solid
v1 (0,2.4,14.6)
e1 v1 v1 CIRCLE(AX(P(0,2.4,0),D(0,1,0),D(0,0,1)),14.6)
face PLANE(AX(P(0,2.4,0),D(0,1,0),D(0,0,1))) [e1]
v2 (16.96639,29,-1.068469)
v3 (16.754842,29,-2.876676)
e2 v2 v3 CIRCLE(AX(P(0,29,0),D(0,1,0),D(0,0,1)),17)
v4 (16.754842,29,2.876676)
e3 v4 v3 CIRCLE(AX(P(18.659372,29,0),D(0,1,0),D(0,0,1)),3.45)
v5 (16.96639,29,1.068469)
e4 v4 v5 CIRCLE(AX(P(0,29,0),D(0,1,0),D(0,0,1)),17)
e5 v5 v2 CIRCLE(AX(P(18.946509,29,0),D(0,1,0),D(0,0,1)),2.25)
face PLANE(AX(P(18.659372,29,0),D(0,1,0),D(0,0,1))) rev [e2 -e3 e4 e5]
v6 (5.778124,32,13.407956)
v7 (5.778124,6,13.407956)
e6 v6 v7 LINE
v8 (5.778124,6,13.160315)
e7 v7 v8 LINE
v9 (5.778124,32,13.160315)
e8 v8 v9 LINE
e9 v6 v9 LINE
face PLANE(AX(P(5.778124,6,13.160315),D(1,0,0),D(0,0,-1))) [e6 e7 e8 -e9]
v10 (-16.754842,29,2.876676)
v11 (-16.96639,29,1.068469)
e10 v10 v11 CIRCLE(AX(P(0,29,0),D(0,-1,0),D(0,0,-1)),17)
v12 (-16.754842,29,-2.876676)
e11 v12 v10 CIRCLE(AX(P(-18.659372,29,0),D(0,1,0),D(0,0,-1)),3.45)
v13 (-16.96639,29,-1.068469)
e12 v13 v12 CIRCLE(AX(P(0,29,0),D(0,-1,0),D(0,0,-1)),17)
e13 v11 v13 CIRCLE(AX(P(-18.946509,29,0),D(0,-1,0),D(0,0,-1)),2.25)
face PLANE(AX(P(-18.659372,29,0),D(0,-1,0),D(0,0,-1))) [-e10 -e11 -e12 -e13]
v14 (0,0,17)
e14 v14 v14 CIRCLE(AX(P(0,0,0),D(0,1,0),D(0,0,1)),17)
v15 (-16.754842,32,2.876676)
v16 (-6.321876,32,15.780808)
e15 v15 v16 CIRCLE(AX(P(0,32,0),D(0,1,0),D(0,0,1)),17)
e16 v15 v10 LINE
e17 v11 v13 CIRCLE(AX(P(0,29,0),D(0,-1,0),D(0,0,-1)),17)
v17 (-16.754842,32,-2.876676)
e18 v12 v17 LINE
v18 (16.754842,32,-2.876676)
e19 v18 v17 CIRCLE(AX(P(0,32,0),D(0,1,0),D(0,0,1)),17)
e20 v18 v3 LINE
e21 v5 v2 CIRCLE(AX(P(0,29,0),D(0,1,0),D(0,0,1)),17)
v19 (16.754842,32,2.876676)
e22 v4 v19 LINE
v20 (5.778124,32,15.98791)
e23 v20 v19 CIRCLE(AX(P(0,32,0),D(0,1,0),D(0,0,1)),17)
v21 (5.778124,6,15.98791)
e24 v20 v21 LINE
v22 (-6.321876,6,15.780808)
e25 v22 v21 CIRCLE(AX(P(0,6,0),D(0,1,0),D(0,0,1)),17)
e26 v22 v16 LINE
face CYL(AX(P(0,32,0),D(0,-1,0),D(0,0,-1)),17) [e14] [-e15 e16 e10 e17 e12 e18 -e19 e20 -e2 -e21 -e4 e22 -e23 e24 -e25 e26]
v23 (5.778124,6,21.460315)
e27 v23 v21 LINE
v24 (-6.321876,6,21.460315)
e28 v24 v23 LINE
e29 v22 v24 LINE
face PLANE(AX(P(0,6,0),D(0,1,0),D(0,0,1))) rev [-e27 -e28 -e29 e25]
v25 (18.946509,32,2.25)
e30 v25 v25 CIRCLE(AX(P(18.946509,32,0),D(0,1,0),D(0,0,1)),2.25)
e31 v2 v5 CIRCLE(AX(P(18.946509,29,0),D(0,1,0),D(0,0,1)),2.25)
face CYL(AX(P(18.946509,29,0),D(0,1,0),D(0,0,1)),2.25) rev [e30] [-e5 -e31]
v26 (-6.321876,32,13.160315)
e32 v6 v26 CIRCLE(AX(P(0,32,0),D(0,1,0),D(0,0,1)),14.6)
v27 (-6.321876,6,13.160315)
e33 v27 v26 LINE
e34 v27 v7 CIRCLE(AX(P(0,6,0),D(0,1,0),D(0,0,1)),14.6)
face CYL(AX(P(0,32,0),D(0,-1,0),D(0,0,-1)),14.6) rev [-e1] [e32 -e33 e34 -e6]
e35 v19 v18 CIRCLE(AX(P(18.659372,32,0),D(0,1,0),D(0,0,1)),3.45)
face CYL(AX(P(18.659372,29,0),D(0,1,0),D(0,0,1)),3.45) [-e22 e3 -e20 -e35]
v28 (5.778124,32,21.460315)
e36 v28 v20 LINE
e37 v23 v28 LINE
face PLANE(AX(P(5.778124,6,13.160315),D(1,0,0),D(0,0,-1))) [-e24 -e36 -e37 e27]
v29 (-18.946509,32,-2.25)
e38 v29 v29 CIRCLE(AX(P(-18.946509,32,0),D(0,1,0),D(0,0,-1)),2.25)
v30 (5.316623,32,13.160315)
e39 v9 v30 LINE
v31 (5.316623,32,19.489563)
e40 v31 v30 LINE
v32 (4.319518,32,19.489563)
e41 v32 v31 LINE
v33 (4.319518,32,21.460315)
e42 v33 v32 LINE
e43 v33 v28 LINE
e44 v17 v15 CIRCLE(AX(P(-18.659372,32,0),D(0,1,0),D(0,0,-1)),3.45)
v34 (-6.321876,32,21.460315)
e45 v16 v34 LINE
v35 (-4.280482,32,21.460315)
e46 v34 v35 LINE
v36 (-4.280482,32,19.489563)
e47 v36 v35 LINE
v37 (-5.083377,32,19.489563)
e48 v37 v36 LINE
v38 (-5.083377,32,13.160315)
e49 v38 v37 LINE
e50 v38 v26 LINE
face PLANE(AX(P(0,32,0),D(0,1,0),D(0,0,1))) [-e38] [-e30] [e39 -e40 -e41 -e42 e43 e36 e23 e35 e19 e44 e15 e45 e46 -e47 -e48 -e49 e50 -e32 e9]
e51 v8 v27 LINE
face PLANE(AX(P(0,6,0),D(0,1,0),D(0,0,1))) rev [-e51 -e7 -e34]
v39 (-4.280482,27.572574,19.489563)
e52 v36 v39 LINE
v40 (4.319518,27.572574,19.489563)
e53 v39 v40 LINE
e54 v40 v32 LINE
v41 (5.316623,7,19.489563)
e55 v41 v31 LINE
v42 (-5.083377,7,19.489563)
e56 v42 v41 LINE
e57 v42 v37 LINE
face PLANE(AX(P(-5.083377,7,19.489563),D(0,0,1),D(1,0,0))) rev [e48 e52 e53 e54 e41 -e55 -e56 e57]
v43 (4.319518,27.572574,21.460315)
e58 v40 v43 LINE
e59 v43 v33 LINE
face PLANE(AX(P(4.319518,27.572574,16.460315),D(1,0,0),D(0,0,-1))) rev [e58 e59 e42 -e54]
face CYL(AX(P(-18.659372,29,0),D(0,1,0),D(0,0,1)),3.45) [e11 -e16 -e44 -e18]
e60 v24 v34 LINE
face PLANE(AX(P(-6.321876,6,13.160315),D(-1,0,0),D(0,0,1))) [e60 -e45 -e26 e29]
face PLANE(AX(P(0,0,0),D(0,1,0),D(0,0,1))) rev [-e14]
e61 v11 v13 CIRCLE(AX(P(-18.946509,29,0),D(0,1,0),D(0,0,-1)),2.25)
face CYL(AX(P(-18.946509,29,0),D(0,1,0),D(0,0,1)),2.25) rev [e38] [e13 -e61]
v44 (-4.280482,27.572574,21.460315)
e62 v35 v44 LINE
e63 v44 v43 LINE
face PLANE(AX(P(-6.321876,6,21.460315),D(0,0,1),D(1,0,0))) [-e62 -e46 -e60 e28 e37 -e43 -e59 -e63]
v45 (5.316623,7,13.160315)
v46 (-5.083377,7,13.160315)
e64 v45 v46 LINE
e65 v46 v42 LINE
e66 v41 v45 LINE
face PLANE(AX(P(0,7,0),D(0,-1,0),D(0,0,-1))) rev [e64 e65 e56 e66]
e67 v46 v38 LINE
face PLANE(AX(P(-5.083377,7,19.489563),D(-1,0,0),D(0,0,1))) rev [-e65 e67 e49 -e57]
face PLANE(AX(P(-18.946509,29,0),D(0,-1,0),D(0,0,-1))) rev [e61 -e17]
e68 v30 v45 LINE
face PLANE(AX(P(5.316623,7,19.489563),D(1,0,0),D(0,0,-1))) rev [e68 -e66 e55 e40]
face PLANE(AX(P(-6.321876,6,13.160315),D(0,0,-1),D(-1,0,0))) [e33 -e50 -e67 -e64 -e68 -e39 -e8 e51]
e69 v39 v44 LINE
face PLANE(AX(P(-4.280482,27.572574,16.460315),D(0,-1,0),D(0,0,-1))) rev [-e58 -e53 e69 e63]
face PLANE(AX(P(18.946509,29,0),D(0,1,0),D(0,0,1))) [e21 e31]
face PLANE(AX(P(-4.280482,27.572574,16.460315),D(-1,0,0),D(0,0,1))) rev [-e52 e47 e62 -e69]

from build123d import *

# Parameters (mm, degrees)
SKETCH1_R           = 17
BOSS_EXTRUDE1_DEPTH = 32
SHELL1_T            = -2.4
SKETCH2_R           = 3.45
BOSS_EXTRUDE3_DEPTH = 3
SKETCH4_R           = 2.25
CUT_EXTRUDE1_DEPTH  = 3
SKETCH5_W           = 12.1
SKETCH5_H           = 8.3
BOSS_EXTRUDE4_DEPTH = 26
SKETCH6_W           = 10.4
SKETCH6_H           = 8.6
CUT_EXTRUDE2_DEPTH  = 25
SKETCH7_W           = 8.6
SKETCH7_H           = 5.8
CUT_EXTRUDE3_DEPTH  = 5


with BuildPart() as part:
    # Sketch1 → Boss-Extrude1 (new body)
    with BuildSketch(Plane(origin=(0, 0, 0), x_dir=(1, 0, 0), z_dir=(0, 1, 0))):
        with Locations(Location((0, 0, 0), (0, 0, 270))):
            Circle(SKETCH1_R)
    extrude(amount=BOSS_EXTRUDE1_DEPTH)

    # Shell1
    shell1_openings = [part.faces().sort_by_distance(p)[0] for p in [
        (0, 32, 0),
    ]]
    offset(amount=SHELL1_T, openings=shell1_openings, kind=Kind.INTERSECTION)

    # Sketch2 → Boss-Extrude3 (add)
    with BuildSketch(Plane(origin=(0, 32, 0), x_dir=(1, 0, 0), z_dir=(0, 1, 0))):
        with Locations((18.659372003, 0)):
            Circle(SKETCH2_R)
        with Locations((-18.659372003, 0)):
            Circle(SKETCH2_R)
    extrude(amount=-BOSS_EXTRUDE3_DEPTH)

    # Sketch4 → Cut-Extrude1 (cut)
    with BuildSketch(Plane(origin=(0, 32, 0), x_dir=(1, 0, 0), z_dir=(0, 1, 0))):
        with Locations(Location((18.946509427, 0, 0), (0, 0, 270))):
            Circle(SKETCH4_R)
        with Locations(Location((-18.946509427, 0, 0), (0, 0, 331.648790534))):
            Circle(SKETCH4_R)
    extrude(amount=-CUT_EXTRUDE1_DEPTH, mode=Mode.SUBTRACT)

    # Sketch5 → Boss-Extrude4 (add)
    with BuildSketch(Plane(origin=(0, 32, 0), x_dir=(1, 0, 0), z_dir=(0, 1, 0))):
        with Locations((-0.271875844, -17.310314807)):
            Rectangle(SKETCH5_W, SKETCH5_H)
    extrude(amount=-BOSS_EXTRUDE4_DEPTH)

    # Sketch6 → Cut-Extrude2 (cut)
    with BuildSketch(Plane(origin=(0, 32, 0), x_dir=(1, 0, 0), z_dir=(0, 1, 0))):
        with Locations((0.116623003, -15.189562959)):
            Rectangle(SKETCH6_W, SKETCH6_H)
    extrude(amount=-CUT_EXTRUDE2_DEPTH, mode=Mode.SUBTRACT)

    # Sketch7 → Cut-Extrude3 (cut)
    with BuildSketch(Plane.XY.offset(21.460314807)):
        with Locations((0.019518241, 30.472573952)):
            Rectangle(SKETCH7_W, SKETCH7_H)
    extrude(amount=-CUT_EXTRUDE3_DEPTH, mode=Mode.SUBTRACT)


solid = part.part
